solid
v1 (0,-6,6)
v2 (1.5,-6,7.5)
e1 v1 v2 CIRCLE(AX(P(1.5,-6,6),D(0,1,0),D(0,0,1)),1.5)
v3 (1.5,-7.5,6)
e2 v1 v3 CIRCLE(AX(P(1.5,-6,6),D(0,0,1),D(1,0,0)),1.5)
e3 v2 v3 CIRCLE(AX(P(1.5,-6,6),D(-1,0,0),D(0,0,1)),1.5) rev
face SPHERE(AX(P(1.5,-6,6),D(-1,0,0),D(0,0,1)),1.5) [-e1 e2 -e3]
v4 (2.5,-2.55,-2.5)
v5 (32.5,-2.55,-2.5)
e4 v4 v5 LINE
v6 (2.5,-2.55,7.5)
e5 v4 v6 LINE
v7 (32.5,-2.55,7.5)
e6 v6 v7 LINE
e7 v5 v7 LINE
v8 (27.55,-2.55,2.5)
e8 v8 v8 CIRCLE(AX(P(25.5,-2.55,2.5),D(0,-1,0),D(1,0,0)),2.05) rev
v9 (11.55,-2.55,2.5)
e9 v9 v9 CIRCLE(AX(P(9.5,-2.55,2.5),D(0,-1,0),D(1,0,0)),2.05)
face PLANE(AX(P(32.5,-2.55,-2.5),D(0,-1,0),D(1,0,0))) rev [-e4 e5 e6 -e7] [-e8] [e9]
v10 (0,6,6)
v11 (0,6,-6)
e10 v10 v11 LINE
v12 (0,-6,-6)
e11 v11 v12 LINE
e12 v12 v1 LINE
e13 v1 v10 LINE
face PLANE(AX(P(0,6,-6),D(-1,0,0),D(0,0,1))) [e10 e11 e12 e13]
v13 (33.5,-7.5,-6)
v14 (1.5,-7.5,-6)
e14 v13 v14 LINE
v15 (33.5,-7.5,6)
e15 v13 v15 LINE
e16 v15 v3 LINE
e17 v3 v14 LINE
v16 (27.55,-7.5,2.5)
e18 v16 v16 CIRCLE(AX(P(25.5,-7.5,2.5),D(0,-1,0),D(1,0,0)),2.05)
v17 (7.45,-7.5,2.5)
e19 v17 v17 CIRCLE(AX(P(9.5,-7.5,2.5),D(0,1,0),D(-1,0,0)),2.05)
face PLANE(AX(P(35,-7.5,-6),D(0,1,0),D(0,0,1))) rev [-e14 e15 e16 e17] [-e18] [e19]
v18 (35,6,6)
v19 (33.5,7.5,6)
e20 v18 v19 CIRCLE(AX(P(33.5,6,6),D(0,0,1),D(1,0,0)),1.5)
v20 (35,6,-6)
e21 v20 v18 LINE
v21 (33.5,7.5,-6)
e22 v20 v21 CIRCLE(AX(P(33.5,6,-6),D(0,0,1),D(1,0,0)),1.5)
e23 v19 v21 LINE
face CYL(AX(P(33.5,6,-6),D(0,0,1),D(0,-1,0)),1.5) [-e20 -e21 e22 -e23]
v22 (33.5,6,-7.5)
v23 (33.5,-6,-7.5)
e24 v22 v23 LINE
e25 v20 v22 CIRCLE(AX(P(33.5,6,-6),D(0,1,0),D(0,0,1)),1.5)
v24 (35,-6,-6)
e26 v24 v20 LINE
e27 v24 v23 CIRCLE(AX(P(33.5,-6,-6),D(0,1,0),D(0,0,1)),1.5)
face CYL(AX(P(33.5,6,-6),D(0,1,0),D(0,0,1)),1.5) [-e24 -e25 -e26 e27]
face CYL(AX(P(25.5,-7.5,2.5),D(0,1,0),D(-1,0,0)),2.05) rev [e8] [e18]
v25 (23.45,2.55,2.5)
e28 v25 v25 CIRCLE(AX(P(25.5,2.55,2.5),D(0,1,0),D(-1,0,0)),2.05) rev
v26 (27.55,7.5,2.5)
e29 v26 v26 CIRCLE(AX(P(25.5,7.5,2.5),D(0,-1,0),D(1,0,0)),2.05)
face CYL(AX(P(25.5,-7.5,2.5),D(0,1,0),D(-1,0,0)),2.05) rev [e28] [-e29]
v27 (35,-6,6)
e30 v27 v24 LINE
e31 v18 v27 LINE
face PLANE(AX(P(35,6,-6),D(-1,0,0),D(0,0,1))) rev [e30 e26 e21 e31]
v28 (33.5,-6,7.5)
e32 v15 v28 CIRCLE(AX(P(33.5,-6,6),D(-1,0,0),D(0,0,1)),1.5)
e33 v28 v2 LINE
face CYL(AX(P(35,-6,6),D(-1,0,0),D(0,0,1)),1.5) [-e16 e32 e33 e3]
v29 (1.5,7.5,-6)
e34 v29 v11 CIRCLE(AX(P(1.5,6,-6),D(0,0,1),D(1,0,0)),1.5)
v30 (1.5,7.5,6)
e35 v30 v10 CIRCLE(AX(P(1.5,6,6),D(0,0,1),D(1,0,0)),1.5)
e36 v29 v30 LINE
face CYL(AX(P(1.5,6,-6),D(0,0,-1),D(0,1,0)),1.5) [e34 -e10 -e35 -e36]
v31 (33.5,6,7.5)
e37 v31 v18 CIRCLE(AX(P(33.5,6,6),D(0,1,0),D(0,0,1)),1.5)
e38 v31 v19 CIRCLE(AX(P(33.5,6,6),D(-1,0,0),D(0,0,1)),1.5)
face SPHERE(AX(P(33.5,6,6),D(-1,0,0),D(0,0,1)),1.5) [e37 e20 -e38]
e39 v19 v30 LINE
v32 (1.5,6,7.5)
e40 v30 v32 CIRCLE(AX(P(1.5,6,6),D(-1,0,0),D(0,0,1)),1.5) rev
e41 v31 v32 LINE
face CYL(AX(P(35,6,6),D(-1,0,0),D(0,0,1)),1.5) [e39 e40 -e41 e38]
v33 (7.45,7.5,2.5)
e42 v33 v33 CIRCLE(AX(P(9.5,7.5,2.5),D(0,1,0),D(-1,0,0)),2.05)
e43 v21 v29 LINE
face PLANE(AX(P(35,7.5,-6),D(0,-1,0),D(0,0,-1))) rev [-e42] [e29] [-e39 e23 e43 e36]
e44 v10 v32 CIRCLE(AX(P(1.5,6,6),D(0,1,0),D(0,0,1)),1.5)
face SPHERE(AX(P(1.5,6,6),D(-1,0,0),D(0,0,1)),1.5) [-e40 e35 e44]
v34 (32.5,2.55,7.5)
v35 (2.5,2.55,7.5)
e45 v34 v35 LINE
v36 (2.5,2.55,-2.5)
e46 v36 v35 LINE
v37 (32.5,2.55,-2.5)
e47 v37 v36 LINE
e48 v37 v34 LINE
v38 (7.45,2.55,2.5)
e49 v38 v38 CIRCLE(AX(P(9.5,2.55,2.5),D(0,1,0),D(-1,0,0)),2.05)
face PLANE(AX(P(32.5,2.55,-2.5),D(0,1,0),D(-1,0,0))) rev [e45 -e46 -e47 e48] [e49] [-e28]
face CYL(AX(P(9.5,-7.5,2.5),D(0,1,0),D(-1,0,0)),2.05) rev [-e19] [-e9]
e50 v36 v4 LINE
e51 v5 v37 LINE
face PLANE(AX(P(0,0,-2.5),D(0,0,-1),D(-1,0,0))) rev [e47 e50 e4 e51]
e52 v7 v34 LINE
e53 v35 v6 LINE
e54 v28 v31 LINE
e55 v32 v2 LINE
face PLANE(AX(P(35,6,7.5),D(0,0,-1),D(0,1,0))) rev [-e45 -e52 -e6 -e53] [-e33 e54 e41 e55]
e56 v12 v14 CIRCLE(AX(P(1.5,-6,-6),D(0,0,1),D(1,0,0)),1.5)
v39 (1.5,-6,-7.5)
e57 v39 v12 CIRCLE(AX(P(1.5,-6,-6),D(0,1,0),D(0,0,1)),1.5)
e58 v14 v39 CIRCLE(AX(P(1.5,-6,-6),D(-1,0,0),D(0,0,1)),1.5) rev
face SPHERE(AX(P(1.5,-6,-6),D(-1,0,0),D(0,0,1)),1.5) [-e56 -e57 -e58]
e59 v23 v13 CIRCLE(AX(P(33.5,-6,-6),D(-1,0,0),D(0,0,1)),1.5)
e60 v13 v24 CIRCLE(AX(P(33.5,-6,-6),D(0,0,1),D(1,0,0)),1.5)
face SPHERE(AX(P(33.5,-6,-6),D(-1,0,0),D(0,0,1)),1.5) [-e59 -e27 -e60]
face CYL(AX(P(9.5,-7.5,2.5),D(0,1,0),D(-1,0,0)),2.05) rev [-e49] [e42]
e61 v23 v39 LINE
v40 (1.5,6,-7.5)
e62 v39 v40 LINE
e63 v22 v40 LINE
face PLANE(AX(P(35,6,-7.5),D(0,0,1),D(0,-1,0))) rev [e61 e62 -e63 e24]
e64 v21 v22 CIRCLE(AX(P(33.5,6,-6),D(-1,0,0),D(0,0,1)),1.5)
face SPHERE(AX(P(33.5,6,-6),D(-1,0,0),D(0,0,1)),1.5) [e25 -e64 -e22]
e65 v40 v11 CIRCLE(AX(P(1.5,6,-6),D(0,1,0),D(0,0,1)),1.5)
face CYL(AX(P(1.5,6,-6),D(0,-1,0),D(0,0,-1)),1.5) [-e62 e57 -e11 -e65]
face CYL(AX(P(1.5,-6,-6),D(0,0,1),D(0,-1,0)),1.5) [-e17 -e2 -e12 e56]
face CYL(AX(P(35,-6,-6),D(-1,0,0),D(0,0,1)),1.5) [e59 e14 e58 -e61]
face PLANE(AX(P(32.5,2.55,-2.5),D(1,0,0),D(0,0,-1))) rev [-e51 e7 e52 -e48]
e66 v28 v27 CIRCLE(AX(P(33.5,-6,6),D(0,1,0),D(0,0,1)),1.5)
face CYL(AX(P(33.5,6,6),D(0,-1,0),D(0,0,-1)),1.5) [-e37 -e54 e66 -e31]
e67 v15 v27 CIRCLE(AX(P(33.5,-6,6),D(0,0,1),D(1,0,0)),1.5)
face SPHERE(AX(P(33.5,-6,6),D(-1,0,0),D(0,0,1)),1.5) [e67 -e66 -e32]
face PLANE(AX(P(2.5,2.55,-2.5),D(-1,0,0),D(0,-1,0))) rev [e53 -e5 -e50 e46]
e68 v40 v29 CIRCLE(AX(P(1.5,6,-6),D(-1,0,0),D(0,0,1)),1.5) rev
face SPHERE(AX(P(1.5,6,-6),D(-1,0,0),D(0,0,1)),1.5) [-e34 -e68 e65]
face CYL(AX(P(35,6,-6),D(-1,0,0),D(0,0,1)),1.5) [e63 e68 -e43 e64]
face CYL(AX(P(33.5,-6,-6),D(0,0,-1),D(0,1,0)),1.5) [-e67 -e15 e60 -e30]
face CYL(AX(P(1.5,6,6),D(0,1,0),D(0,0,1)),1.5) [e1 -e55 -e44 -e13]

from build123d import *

# Parameters (mm, degrees)
BOSS_EXTRU_1_DEPTH           = 35
ESQUISSE2_W                  = 30
ESQUISSE2_H                  = 5.1
ENL_V_MAT_EXTRU_1_DEPTH      = 10
ENL_V_MAT_EXTRU_2_DEPTH      = 38.178656511
ENL_V_MAT_EXTRU_2_DEPTH_BACK = 38.178656511
ESQUISSE3_R                  = 2.05
CONG_1_R                     = 1.5


with BuildPart() as part:
    # Esquisse1 → Boss.-Extru.1 (new body)
    with BuildSketch(Plane(origin=(0, 0, 0), x_dir=(0, 0, -1), z_dir=(1, 0, 0))):
        with BuildLine():
            Line((6, 7.5), (-6, 7.5))
            ThreePointArc((-6, 7.5), (-7.060660172, 7.060660172), (-7.5, 6))
            Line((-7.5, 6), (-7.5, -6))
            ThreePointArc((-7.5, -6), (-7.060660172, -7.060660172), (-6, -7.5))
            Line((-6, -7.5), (6, -7.5))
            ThreePointArc((6, -7.5), (7.060660172, -7.060660172), (7.5, -6))
            Line((7.5, -6), (7.5, 6))
            ThreePointArc((7.5, 6), (7.060660172, 7.060660172), (6, 7.5))
        make_face()
    extrude(amount=BOSS_EXTRU_1_DEPTH)

    # Esquisse2 → Enlèv. mat.-Extru.1 (cut)
    with BuildSketch(Plane.XY.offset(7.5)):
        with Locations((17.5, 0)):
            Rectangle(ESQUISSE2_W, ESQUISSE2_H)
    extrude(amount=-ENL_V_MAT_EXTRU_1_DEPTH, mode=Mode.SUBTRACT)

    # Esquisse3 → Enlèv. mat.-Extru.2 (cut, two sides: drawn at the far end of the back side and taken through both)
    with BuildSketch(Plane(origin=(0, -2.55, 0), x_dir=(1, 0, 0), z_dir=(0, 1, 0)).offset(-ENL_V_MAT_EXTRU_2_DEPTH_BACK)):
        with Locations(Location((9.5, -2.5, 0), (0, 0, 180))):
            Circle(ESQUISSE3_R)
        with Locations((25.5, -2.5)):
            Circle(ESQUISSE3_R)
    extrude(amount=ENL_V_MAT_EXTRU_2_DEPTH + ENL_V_MAT_EXTRU_2_DEPTH_BACK, mode=Mode.SUBTRACT)

    # Congé1
    cong_1_edges = [part.edges().sort_by_distance(p)[0] for p in [
        (0, 0, 7.5),
        (0, 7.060660172, 7.060660172),
        (0, 7.5, 0),
        (0, 7.060660172, -7.060660172),
        (35, 7.060660172, 7.060660172),
        (35, 0, 7.5),
        (35, -7.060660172, 7.060660172),
        (35, -7.5, 0),
        (35, -7.060660172, -7.060660172),
        (35, 0, -7.5),
        (35, 7.060660172, -7.060660172),
        (0, 0, -7.5),
        (35, 7.5, 0),
        (0, -7.060660172, -7.060660172),
        (0, -7.5, 0),
        (0, -7.060660172, 7.060660172),
    ]]
    fillet(cong_1_edges, radius=CONG_1_R)


solid = part.part
